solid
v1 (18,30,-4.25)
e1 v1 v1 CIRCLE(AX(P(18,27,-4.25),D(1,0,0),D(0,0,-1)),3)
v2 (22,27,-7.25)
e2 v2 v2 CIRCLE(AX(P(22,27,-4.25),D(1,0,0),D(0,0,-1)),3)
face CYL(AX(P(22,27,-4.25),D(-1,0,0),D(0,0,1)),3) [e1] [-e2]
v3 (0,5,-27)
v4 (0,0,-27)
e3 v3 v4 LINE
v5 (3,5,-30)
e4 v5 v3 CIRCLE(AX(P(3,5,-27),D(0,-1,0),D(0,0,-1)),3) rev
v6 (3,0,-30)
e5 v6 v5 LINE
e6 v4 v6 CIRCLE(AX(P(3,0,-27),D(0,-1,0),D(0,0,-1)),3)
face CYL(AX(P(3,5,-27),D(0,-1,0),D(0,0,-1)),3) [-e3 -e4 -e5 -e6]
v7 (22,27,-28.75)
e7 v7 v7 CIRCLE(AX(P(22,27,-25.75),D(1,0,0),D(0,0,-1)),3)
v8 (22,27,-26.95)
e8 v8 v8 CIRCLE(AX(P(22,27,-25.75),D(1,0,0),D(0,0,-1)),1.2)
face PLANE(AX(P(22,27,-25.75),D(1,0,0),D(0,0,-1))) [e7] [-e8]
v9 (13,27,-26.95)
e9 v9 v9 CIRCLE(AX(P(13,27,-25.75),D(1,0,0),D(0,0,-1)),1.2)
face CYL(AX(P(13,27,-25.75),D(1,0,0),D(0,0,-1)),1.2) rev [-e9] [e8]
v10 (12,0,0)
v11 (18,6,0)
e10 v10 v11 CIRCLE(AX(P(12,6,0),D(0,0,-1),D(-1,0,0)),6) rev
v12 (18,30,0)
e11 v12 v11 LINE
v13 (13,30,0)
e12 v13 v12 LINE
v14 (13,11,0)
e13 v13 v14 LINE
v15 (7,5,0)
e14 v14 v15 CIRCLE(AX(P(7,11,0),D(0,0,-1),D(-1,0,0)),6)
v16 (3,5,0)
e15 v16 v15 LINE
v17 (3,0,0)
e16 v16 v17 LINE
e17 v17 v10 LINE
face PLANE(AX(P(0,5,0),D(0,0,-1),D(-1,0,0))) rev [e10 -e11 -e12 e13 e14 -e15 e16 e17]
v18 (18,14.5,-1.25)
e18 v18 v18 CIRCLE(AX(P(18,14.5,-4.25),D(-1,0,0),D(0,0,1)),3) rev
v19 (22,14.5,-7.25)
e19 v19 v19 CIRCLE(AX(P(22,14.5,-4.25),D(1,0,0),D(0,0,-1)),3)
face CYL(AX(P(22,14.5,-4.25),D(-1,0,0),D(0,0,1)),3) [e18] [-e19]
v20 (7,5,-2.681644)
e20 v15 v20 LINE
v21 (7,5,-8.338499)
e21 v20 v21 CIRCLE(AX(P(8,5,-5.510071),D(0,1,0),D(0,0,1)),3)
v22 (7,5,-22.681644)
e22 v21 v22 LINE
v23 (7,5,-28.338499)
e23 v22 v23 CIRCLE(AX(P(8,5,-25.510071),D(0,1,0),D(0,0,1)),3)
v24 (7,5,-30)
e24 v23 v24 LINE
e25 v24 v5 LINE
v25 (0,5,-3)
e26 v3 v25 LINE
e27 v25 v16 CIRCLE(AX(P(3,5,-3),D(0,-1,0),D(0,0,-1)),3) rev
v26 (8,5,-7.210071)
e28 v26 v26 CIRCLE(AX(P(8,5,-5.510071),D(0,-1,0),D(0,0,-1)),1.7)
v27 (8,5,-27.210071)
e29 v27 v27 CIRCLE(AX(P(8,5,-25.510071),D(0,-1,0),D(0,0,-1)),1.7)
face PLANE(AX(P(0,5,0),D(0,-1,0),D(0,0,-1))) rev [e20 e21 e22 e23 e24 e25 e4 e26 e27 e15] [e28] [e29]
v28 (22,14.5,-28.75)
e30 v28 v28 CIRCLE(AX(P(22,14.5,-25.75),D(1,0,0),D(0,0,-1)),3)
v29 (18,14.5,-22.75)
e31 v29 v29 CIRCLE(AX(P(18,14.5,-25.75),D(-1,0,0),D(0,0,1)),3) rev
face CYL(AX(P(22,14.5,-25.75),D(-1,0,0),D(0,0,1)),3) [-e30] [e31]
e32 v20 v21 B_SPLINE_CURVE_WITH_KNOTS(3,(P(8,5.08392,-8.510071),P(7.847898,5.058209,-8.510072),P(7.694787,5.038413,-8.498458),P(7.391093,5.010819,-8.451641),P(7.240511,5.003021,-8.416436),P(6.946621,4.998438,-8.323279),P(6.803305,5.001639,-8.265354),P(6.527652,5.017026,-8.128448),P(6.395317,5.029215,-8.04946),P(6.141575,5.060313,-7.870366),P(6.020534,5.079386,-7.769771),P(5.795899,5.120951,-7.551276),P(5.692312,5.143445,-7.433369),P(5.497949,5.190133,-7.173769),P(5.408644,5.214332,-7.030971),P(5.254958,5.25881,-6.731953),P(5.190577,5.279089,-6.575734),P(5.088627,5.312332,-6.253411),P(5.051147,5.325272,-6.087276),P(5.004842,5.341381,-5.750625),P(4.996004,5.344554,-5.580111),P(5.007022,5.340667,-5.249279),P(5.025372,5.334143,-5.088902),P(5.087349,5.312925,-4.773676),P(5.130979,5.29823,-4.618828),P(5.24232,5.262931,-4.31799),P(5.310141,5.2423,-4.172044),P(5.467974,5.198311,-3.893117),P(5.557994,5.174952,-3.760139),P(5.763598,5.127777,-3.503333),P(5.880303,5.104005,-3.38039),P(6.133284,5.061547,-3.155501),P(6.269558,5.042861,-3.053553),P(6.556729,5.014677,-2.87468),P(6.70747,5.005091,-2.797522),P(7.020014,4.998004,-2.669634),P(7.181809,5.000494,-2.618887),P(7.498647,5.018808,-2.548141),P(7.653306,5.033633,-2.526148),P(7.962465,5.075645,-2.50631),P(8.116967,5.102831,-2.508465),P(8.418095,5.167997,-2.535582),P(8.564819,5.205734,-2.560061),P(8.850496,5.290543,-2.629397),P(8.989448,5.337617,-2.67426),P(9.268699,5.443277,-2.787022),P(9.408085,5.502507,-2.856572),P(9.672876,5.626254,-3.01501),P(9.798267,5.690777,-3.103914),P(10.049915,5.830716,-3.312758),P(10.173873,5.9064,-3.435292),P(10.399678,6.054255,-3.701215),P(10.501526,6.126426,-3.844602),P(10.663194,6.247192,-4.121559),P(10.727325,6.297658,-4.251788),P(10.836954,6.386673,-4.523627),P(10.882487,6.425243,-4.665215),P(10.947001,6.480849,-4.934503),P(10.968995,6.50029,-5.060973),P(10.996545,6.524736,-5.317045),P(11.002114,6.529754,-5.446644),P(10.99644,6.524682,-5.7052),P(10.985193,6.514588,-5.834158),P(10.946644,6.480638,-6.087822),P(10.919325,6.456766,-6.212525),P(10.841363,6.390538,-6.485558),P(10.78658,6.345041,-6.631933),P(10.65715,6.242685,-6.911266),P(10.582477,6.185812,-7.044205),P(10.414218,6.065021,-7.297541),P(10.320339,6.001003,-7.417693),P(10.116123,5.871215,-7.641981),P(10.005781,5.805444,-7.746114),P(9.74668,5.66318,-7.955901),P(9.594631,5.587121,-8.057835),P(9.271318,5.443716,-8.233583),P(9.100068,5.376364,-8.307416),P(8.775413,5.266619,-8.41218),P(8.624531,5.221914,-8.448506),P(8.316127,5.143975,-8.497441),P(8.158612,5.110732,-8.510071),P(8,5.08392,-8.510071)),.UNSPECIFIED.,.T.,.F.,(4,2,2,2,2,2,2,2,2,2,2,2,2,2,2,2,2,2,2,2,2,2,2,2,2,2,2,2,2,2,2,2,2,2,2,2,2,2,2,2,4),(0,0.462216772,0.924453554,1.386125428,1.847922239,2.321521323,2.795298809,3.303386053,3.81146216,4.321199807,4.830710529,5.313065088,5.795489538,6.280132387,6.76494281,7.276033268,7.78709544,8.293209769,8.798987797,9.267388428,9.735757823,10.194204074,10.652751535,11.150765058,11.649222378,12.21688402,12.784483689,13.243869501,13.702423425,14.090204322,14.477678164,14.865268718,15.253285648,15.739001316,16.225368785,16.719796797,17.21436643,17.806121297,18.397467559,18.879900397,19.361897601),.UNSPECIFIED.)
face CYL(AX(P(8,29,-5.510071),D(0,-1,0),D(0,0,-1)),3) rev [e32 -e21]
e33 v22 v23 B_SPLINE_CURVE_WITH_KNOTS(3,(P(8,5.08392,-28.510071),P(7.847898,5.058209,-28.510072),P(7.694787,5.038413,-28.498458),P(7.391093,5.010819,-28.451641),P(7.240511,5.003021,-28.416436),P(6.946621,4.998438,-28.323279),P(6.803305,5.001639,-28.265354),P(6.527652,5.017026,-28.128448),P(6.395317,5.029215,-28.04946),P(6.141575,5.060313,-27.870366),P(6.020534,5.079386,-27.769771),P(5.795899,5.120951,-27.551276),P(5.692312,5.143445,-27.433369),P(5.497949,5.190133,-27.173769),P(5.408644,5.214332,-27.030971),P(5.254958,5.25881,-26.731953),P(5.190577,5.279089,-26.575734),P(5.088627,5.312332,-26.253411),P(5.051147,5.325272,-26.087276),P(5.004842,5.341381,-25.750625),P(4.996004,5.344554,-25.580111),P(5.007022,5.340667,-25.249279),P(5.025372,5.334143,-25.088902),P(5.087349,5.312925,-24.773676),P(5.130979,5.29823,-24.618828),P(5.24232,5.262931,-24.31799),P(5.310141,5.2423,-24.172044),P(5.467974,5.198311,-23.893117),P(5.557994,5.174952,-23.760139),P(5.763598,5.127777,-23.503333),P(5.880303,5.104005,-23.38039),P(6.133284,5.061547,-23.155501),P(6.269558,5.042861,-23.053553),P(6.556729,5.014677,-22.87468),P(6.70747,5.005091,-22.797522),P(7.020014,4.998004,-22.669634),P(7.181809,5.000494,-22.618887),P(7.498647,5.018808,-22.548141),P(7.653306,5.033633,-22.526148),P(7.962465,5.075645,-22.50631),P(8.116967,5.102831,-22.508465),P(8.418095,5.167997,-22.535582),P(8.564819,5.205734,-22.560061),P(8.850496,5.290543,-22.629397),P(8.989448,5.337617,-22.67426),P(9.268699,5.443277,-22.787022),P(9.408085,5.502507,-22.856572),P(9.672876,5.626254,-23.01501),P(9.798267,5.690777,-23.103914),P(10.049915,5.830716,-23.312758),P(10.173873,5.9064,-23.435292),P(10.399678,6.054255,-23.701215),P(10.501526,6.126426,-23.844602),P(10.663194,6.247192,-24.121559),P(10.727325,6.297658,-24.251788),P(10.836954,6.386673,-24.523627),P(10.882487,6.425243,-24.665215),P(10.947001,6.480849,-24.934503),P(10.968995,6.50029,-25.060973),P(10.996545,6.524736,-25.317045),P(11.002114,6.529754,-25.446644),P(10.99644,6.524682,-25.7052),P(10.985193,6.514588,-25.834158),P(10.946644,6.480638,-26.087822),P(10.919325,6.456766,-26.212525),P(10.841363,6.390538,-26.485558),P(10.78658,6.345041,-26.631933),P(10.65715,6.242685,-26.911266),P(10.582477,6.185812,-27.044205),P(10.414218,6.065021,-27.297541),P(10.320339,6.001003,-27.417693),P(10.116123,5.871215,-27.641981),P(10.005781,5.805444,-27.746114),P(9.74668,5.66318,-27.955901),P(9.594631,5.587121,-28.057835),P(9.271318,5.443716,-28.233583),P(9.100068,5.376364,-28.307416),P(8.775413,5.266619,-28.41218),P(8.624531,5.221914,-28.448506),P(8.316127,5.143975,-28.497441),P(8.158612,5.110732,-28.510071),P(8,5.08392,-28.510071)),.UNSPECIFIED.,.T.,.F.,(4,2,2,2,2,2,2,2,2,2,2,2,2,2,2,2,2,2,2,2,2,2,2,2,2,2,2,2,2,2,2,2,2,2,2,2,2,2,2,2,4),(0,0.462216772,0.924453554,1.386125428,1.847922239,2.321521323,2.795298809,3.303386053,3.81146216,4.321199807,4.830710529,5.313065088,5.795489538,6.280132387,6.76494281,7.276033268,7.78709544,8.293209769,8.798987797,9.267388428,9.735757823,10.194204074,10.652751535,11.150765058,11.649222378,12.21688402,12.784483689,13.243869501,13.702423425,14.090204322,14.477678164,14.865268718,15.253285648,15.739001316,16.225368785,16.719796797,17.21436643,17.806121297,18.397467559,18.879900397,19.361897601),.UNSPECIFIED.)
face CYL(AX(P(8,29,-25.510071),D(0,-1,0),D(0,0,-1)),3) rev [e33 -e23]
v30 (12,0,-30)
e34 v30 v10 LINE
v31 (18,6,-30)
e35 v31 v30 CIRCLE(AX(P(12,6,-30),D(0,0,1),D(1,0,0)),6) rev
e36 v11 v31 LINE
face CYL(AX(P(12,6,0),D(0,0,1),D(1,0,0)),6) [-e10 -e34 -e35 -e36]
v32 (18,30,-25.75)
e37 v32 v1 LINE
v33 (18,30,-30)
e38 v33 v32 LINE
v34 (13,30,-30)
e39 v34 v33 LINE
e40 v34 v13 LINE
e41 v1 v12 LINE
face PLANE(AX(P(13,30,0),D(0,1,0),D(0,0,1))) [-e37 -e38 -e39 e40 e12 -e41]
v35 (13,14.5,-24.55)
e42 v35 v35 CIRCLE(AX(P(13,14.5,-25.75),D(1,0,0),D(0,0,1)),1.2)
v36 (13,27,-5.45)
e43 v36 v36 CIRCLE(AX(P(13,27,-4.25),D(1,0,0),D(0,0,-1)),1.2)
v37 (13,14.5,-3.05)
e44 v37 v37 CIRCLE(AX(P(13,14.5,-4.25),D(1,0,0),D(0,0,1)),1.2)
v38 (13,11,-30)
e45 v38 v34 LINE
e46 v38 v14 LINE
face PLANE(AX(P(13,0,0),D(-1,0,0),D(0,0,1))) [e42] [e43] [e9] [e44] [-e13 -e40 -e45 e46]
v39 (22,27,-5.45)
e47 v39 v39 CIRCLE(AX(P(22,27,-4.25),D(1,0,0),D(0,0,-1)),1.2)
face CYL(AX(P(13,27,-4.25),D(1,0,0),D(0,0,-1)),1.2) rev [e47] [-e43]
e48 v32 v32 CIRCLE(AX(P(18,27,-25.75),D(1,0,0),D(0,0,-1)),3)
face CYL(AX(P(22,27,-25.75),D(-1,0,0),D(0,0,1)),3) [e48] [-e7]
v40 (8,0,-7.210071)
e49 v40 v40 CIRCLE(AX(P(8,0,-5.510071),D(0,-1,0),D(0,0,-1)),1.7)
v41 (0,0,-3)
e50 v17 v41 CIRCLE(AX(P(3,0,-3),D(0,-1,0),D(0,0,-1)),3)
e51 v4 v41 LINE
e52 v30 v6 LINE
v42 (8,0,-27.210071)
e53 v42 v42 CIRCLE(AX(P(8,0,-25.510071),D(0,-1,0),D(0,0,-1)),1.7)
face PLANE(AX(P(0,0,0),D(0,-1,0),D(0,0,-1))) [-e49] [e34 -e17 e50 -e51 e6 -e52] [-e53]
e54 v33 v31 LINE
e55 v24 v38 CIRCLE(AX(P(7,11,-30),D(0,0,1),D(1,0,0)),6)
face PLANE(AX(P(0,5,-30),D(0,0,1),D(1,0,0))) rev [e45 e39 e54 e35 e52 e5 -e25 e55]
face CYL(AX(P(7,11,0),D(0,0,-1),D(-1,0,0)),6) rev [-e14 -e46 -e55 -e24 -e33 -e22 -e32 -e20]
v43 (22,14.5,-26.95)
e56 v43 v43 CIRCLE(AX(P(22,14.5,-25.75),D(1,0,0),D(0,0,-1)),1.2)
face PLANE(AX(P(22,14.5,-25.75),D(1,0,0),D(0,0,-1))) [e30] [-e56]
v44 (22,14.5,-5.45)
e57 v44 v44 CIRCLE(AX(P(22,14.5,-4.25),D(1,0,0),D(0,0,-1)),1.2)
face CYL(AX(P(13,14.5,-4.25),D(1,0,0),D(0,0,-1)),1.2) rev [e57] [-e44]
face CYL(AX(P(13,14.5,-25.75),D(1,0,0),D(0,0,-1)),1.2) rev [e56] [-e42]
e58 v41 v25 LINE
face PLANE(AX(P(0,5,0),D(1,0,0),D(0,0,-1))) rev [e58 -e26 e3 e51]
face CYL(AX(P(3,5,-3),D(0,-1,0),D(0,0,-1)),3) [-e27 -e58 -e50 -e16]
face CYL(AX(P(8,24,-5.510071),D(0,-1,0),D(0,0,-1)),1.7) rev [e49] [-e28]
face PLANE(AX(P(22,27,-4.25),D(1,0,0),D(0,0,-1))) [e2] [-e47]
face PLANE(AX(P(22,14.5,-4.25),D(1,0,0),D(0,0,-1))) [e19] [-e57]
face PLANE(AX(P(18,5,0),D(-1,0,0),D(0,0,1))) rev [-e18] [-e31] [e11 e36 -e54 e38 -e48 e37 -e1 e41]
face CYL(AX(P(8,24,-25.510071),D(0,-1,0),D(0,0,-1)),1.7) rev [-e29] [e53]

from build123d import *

# Parameters (mm, degrees)
SKETCH1_W           = 18
SKETCH1_H           = 30
BOSS_EXTRUDE1_DEPTH = 5
SKETCH2_W           = 30
SKETCH2_H           = 30
BOSS_EXTRUDE2_DEPTH = 5
SKETCH3_R           = 1.2
CUT_EXTRUDE1_DEPTH  = 5
FILLET1_R           = 6
BOSS_EXTRUDE3_START = 4
SKETCH4_R           = 3
SKETCH4_R_2         = 1.2
BOSS_EXTRUDE3_DEPTH = 4
SKETCH5_R           = 1.7
CUT_EXTRUDE2_DEPTH  = 24
SKETCH6_R           = 3
CUT_EXTRUDE3_DEPTH  = 24
FILLET2_R           = 3


with BuildPart() as part:
    # Sketch1 → Boss-Extrude1 (new body)
    with BuildSketch(Plane(origin=(0, 0, 0), x_dir=(1, 0, 0), z_dir=(0, 1, 0))):
        with Locations((9, 15)):
            Rectangle(SKETCH1_W, SKETCH1_H)
    extrude(amount=BOSS_EXTRUDE1_DEPTH)

    # Sketch2 → Boss-Extrude2 (add)
    with BuildSketch(Plane(origin=(18, 0, 0), x_dir=(0, 0, -1), z_dir=(1, 0, 0))):
        with Locations((15, 15)):
            Rectangle(SKETCH2_W, SKETCH2_H)
    extrude(amount=-BOSS_EXTRUDE2_DEPTH)

    # Sketch3 → Cut-Extrude1 (cut)
    with BuildSketch(Plane(origin=(18, 0, 0), x_dir=(0, 0, -1), z_dir=(1, 0, 0))):
        with Locations((4.25, 27)):
            Circle(SKETCH3_R)
        with Locations((25.75, 27)):
            Circle(SKETCH3_R)
        with Locations(Location((25.75, 14.5, 0), (0, 0, 180))):
            Circle(SKETCH3_R)
        with Locations(Location((4.25, 14.5, 0), (0, 0, 180))):
            Circle(SKETCH3_R)
    extrude(amount=-CUT_EXTRUDE1_DEPTH, mode=Mode.SUBTRACT)

    # Fillet1
    fillet1_edges = [part.edges().sort_by_distance(p)[0] for p in [
        (13, 5, -15),
        (18, 0, -15),
    ]]
    fillet(fillet1_edges, radius=FILLET1_R)

    # Sketch4 → Boss-Extrude3 (add)
    # profile 1 of 4: a face of its own
    with BuildSketch(Plane(origin=(18, 0, 0), x_dir=(0, 0, -1), z_dir=(1, 0, 0)).offset(BOSS_EXTRUDE3_START)):
        with Locations(Location((4.25, 27, 0), (0, 0, 90))):
            Circle(SKETCH4_R)
        with Locations((4.25, 27)):
            Circle(SKETCH4_R_2, mode=Mode.SUBTRACT)
    # profile 2 of 4: a face of its own
    with BuildSketch(Plane(origin=(18, 0, 0), x_dir=(0, 0, -1), z_dir=(1, 0, 0)).offset(BOSS_EXTRUDE3_START)):
        with Locations(Location((25.75, 27, 0), (0, 0, 90))):
            Circle(SKETCH4_R)
        with Locations((25.75, 27)):
            Circle(SKETCH4_R_2, mode=Mode.SUBTRACT)
    # profile 3 of 4: a face of its own
    with BuildSketch(Plane(origin=(18, 0, 0), x_dir=(0, 0, -1), z_dir=(1, 0, 0)).offset(BOSS_EXTRUDE3_START)):
        with Locations(Location((4.25, 14.5, 0), (0, 0, 180))):
            Circle(SKETCH4_R)
        with Locations((4.25, 14.5)):
            Circle(SKETCH4_R_2, mode=Mode.SUBTRACT)
    # profile 4 of 4: a face of its own
    with BuildSketch(Plane(origin=(18, 0, 0), x_dir=(0, 0, -1), z_dir=(1, 0, 0)).offset(BOSS_EXTRUDE3_START)):
        with Locations(Location((25.75, 14.5, 0), (0, 0, 180))):
            Circle(SKETCH4_R)
        with Locations((25.75, 14.5)):
            Circle(SKETCH4_R_2, mode=Mode.SUBTRACT)
    extrude(amount=-BOSS_EXTRUDE3_DEPTH)

    # Sketch5 → Cut-Extrude2 (cut)
    with BuildSketch(Plane.XZ):
        with Locations(Location((8, -5.510071499, 0), (0, 0, 270))):
            Circle(SKETCH5_R)
        with Locations(Location((8, -25.510071499, 0), (0, 0, 270))):
            Circle(SKETCH5_R)
    extrude(amount=-CUT_EXTRUDE2_DEPTH, mode=Mode.SUBTRACT)

    # Sketch6 → Cut-Extrude3 (cut)
    with BuildSketch(Plane(origin=(0, 5, 0), x_dir=(1, 0, 0), z_dir=(0, 1, 0))):
        with Locations((8, 25.510071499)):
            Circle(SKETCH6_R)
        with Locations((8, 5.510071499)):
            Circle(SKETCH6_R)
    extrude(amount=CUT_EXTRUDE3_DEPTH, mode=Mode.SUBTRACT)

    # Fillet2
    fillet2_edges = [part.edges().sort_by_distance(p)[0] for p in [
        (0, 2.5, -30),
        (0, 2.5, 0),
    ]]
    fillet(fillet2_edges, radius=FILLET2_R)


solid = part.part
